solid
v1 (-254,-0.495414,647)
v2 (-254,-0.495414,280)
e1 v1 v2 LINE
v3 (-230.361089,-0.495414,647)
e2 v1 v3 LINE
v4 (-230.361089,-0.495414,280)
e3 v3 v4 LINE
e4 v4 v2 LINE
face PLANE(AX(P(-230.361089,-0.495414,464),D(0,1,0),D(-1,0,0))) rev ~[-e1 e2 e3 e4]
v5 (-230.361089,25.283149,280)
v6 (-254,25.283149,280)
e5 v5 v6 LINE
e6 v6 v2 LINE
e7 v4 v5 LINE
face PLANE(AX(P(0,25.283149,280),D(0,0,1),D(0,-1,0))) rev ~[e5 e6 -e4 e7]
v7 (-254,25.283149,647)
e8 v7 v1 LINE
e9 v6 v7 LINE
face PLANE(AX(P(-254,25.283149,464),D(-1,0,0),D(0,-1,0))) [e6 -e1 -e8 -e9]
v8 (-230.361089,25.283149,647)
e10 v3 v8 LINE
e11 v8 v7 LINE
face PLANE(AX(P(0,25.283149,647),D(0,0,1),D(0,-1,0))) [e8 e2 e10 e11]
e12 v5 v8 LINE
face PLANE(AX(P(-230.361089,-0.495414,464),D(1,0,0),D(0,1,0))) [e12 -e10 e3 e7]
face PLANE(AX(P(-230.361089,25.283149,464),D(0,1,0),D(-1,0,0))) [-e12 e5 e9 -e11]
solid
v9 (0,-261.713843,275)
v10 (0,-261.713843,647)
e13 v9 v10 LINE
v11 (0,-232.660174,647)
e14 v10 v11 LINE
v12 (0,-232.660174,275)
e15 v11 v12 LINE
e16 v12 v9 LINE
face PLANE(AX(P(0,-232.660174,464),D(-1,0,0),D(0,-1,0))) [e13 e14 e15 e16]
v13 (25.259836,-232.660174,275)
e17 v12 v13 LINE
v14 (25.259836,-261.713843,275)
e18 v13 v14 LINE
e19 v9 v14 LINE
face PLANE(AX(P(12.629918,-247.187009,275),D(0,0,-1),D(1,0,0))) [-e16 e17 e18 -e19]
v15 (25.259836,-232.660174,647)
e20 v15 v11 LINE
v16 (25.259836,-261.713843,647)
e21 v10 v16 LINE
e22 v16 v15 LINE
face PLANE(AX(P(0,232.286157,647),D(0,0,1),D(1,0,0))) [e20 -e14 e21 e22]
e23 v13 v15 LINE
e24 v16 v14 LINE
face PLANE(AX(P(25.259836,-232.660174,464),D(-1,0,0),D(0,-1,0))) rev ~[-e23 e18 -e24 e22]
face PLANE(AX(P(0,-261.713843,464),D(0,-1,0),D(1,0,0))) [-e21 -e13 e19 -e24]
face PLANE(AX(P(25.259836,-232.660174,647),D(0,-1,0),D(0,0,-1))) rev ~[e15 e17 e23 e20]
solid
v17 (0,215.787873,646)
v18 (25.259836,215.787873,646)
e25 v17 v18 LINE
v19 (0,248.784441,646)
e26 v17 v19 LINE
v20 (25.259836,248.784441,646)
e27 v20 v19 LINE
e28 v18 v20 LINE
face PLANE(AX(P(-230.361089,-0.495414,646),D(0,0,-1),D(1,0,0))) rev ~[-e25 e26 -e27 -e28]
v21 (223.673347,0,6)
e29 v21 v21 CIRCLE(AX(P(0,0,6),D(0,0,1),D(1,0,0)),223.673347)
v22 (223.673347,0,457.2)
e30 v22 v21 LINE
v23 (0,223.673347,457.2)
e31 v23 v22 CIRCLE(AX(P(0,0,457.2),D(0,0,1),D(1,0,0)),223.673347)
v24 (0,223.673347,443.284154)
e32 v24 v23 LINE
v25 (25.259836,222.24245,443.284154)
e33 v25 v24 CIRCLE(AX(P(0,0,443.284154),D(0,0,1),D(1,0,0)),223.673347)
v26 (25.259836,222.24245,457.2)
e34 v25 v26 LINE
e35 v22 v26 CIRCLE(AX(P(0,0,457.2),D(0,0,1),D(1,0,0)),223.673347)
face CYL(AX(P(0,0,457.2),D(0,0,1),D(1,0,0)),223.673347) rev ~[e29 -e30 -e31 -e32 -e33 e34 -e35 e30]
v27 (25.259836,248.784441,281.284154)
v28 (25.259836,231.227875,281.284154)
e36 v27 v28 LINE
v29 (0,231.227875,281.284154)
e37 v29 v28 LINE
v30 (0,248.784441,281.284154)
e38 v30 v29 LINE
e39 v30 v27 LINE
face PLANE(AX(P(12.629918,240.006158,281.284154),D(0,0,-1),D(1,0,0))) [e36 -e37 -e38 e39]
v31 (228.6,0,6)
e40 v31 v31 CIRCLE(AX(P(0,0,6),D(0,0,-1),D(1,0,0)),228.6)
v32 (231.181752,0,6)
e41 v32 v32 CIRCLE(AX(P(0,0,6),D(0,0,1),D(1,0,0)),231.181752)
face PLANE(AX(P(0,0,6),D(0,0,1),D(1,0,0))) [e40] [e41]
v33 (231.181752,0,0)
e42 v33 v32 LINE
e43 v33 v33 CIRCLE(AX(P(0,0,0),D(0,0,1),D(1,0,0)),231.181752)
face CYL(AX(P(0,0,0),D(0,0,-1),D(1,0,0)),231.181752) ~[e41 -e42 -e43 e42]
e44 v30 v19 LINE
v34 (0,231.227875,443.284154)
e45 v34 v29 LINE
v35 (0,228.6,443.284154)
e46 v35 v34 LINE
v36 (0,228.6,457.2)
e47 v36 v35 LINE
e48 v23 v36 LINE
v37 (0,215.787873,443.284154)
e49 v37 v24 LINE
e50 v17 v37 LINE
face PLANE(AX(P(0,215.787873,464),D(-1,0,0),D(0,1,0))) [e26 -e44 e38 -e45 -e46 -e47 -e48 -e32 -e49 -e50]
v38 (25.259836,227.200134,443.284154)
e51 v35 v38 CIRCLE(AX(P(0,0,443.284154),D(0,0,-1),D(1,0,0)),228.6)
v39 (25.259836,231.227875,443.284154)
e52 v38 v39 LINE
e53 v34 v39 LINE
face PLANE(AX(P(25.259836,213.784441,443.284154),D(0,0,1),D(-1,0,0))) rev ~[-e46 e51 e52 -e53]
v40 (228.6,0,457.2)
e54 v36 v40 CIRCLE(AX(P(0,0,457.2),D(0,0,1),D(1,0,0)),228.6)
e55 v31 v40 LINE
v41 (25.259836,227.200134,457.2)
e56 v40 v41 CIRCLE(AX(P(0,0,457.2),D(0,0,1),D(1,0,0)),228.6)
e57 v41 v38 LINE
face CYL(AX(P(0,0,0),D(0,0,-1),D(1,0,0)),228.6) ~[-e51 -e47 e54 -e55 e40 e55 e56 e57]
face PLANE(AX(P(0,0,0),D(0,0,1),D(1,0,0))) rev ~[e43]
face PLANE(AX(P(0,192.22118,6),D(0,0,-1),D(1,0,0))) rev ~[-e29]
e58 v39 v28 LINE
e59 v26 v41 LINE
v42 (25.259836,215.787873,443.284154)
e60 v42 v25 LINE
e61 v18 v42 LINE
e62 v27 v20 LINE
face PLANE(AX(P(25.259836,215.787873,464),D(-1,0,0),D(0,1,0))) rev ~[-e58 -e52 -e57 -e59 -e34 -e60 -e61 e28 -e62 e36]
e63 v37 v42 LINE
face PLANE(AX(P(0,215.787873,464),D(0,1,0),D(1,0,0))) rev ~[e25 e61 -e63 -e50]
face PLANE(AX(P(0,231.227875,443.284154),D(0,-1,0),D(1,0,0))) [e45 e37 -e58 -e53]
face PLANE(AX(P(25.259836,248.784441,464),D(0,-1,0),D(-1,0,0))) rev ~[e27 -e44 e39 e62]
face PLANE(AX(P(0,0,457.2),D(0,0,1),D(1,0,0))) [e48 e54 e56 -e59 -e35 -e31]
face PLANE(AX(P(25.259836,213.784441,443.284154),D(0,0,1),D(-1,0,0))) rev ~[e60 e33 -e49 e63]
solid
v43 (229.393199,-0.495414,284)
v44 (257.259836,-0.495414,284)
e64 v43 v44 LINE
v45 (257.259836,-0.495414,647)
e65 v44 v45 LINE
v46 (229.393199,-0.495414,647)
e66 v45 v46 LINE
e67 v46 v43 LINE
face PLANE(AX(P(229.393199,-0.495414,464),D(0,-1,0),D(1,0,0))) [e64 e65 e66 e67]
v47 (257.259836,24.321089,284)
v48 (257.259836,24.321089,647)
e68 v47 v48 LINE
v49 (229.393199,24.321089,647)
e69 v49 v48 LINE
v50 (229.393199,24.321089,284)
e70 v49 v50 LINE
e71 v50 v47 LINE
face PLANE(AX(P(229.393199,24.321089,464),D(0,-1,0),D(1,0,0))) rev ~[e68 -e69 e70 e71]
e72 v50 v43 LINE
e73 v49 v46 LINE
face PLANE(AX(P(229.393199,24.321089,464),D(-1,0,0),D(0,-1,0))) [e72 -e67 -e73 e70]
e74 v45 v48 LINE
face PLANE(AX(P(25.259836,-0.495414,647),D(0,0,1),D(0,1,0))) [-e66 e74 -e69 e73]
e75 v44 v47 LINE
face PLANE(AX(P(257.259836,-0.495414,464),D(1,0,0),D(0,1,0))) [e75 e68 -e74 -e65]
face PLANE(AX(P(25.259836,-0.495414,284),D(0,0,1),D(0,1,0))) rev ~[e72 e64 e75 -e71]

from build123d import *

# Parameters (mm, degrees)
F0_R      = 228.6
F1_DEPTH  = 457.2
F2_R      = 223.673346771
F3_DEPTH  = 457.201
F4_R      = 231.1817516989
F5_DEPTH  = 6
F6_W      = 25.2598356456
F6_H      = 21.5632617474
F7_DEPTH  = 458
F8_W      = 25.2598356456
F8_H      = 20.7158460617
F9_DEPTH  = 35
F10_W     = 25.2598356456
F10_H     = 23.5666930676
F11_DEPTH = 464.001
F12_W     = 25.2598356456
F12_H     = 17.556566596
F13_DEPTH = 162
F14_W     = 25.2598356456
F14_H     = 16.4982843399
F15_DEPTH = 183
F16_DEPTH = 494
F17_W     = 25.2598356456
F17_H     = 29.0536686182
F18_DEPTH = 189
F20_DEPTH = 256.4425873445
F21_DEPTH = 25
F22_DEPTH = 223
F23_W     = 24.816502586
F23_H     = 183
F24_DEPTH = 232
F25_W     = 204.1333634406
F25_H     = 183
F26_DEPTH = 286.0359315554
F27_DEPTH = 180
F28_W     = 25.7785625309
F28_H     = 183
F29_DEPTH = 254
F30_W     = 255.6209247559
F30_H     = 183
F31_DEPTH = 249.2808553705
F32_DEPTH = 184
F33_DEPTH = 182


with BuildPart() as f1:
    # F0 (on Top) → F1 (new body)
    with BuildSketch(Plane.XY):
        Circle(F0_R)
    extrude(amount=F1_DEPTH)

    # F2 (on face) → F3 (cut, through all)
    with BuildSketch(Plane.XY.offset(457.2)):
        Circle(F2_R)
    extrude(amount=-F3_DEPTH, mode=Mode.SUBTRACT)

    # F4 (on Top) → F5 (join)
    with BuildSketch(Plane.XY):
        Circle(F4_R)
    extrude(amount=F5_DEPTH)

    # F6 (on face) → F7 (join)
    with BuildSketch(Plane.XY.offset(6)):
        with Locations((12.6299178228, 203.0028104782)):
            Rectangle(F6_W, F6_H)
    extrude(amount=F7_DEPTH)

    # F8 (on face) → F9 (join)
    with BuildSketch(Plane(origin=(0, 213.7844413519, 0), x_dir=(-1, 0, 0), z_dir=(0, 1, 0))):
        with Locations((-12.6299178228, 453.6420769691)):
            Rectangle(F8_W, F8_H)
    extrude(amount=F9_DEPTH)

    # F10 (on face) → F11 (cut, through all)
    with BuildSketch(Plane.XY.offset(464)):
        with Locations((12.6299178228, 204.0045261383)):
            Rectangle(F10_W, F10_H)
    extrude(amount=-F11_DEPTH, mode=Mode.SUBTRACT)

    # F12 (on face) → F13 (join)
    with BuildSketch(Plane(origin=(0, 0, 443.2841539383), x_dir=(1, 0, 0), z_dir=(0, 0, -1))):
        with Locations((12.6299178228, -240.0061580539)):
            Rectangle(F12_W, F12_H)
    extrude(amount=F13_DEPTH)

    # F14 (on face) → F15 (join)
    with BuildSketch(Plane.XY.offset(464)):
        with Locations((12.6299178228, 240.5352991819)):
            Rectangle(F14_W, F14_H)
    extrude(amount=F15_DEPTH)

    # F16 (add): a face of the model
    f16_faces = [f1.faces().sort_by_distance(p)[0] for p in [
        (12.6299178228, 232.286157012, 555.5),
    ]]
    extrude(f16_faces, amount=F16_DEPTH)

    # F17 (on face) → F18 (join)
    with BuildSketch(Plane(origin=(0, 0, 464), x_dir=(1, 0, 0), z_dir=(0, 0, -1))):
        with Locations((12.6299178228, 247.1870086789)):
            Rectangle(F17_W, F17_H)
    extrude(amount=F18_DEPTH)

    # F19 (on face) → F20 (cut, through all)
    with BuildSketch(Plane.YZ.offset(25.2598356456)):
        Polygon((-232.6601743698, 647), (-232.6601743698, 464), (215.7878726721, 464), (222.5045859814, 464), (222.5045859814, 647), align=None)
    extrude(amount=-F20_DEPTH, mode=Mode.SUBTRACT)

    # F21 (add): a face of the model
    f21_faces = [f1.faces().sort_by_distance(p)[0] for p in [
        (12.6299178228, 192.2211796045, 3),
    ]]
    extrude(f21_faces, amount=F21_DEPTH)

    # F22 (add): a face of the model
    f22_faces = [f1.faces().sort_by_distance(p)[0] for p in [
        (12.6299178228, 222.5045859814, 555.5),
    ]]
    extrude(f22_faces, amount=F22_DEPTH)

    # F23 (on face) → F24 (join)
    with BuildSketch(Plane.YZ.offset(25.2598356456)):
        with Locations((11.9128372744, 555.5)):
            Rectangle(F23_W, F23_H)
    extrude(amount=F24_DEPTH)

    # F25 (on face) → F26 (cut, through all)
    with BuildSketch(Plane(origin=(0, 24.3210885674, 0), x_dir=(-1, 0, 0), z_dir=(0, 1, 0))):
        with Locations((-127.3265173659, 555.5)):
            Rectangle(F25_W, F25_H)
    extrude(amount=-F26_DEPTH, mode=Mode.SUBTRACT)

    # F27 (add): a face of the model
    f27_faces = [f1.faces().sort_by_distance(p)[0] for p in [
        (243.3265173659, 11.9128372744, 464),
    ]]
    extrude(f27_faces, amount=F27_DEPTH)

    # F28 (on face) → F29 (join)
    with BuildSketch(Plane(origin=(0, 0, 0), x_dir=(0, -1, 0), z_dir=(-1, 0, 0))):
        with Locations((-12.3938672468, 555.5)):
            Rectangle(F28_W, F28_H)
    extrude(amount=F29_DEPTH)

    # F30 (on face) → F31 (cut, through all)
    with BuildSketch(Plane.XZ.offset(0.4954140186)):
        with Locations((-102.5506267324, 555.5)):
            Rectangle(F30_W, F30_H)
    extrude(amount=-F31_DEPTH, mode=Mode.SUBTRACT)

    # F32 (add): a face of the model
    f32_faces = [f1.faces().sort_by_distance(p)[0] for p in [
        (-242.1805445552, 12.3938672468, 464),
    ]]
    extrude(f32_faces, amount=F32_DEPTH)

    # F33 (add): a face of the model
    f33_faces = [f1.faces().sort_by_distance(p)[0] for p in [
        (12.6299178228, 232.286157012, 464),
    ]]
    extrude(f33_faces, amount=F33_DEPTH)


solid = f1.part
